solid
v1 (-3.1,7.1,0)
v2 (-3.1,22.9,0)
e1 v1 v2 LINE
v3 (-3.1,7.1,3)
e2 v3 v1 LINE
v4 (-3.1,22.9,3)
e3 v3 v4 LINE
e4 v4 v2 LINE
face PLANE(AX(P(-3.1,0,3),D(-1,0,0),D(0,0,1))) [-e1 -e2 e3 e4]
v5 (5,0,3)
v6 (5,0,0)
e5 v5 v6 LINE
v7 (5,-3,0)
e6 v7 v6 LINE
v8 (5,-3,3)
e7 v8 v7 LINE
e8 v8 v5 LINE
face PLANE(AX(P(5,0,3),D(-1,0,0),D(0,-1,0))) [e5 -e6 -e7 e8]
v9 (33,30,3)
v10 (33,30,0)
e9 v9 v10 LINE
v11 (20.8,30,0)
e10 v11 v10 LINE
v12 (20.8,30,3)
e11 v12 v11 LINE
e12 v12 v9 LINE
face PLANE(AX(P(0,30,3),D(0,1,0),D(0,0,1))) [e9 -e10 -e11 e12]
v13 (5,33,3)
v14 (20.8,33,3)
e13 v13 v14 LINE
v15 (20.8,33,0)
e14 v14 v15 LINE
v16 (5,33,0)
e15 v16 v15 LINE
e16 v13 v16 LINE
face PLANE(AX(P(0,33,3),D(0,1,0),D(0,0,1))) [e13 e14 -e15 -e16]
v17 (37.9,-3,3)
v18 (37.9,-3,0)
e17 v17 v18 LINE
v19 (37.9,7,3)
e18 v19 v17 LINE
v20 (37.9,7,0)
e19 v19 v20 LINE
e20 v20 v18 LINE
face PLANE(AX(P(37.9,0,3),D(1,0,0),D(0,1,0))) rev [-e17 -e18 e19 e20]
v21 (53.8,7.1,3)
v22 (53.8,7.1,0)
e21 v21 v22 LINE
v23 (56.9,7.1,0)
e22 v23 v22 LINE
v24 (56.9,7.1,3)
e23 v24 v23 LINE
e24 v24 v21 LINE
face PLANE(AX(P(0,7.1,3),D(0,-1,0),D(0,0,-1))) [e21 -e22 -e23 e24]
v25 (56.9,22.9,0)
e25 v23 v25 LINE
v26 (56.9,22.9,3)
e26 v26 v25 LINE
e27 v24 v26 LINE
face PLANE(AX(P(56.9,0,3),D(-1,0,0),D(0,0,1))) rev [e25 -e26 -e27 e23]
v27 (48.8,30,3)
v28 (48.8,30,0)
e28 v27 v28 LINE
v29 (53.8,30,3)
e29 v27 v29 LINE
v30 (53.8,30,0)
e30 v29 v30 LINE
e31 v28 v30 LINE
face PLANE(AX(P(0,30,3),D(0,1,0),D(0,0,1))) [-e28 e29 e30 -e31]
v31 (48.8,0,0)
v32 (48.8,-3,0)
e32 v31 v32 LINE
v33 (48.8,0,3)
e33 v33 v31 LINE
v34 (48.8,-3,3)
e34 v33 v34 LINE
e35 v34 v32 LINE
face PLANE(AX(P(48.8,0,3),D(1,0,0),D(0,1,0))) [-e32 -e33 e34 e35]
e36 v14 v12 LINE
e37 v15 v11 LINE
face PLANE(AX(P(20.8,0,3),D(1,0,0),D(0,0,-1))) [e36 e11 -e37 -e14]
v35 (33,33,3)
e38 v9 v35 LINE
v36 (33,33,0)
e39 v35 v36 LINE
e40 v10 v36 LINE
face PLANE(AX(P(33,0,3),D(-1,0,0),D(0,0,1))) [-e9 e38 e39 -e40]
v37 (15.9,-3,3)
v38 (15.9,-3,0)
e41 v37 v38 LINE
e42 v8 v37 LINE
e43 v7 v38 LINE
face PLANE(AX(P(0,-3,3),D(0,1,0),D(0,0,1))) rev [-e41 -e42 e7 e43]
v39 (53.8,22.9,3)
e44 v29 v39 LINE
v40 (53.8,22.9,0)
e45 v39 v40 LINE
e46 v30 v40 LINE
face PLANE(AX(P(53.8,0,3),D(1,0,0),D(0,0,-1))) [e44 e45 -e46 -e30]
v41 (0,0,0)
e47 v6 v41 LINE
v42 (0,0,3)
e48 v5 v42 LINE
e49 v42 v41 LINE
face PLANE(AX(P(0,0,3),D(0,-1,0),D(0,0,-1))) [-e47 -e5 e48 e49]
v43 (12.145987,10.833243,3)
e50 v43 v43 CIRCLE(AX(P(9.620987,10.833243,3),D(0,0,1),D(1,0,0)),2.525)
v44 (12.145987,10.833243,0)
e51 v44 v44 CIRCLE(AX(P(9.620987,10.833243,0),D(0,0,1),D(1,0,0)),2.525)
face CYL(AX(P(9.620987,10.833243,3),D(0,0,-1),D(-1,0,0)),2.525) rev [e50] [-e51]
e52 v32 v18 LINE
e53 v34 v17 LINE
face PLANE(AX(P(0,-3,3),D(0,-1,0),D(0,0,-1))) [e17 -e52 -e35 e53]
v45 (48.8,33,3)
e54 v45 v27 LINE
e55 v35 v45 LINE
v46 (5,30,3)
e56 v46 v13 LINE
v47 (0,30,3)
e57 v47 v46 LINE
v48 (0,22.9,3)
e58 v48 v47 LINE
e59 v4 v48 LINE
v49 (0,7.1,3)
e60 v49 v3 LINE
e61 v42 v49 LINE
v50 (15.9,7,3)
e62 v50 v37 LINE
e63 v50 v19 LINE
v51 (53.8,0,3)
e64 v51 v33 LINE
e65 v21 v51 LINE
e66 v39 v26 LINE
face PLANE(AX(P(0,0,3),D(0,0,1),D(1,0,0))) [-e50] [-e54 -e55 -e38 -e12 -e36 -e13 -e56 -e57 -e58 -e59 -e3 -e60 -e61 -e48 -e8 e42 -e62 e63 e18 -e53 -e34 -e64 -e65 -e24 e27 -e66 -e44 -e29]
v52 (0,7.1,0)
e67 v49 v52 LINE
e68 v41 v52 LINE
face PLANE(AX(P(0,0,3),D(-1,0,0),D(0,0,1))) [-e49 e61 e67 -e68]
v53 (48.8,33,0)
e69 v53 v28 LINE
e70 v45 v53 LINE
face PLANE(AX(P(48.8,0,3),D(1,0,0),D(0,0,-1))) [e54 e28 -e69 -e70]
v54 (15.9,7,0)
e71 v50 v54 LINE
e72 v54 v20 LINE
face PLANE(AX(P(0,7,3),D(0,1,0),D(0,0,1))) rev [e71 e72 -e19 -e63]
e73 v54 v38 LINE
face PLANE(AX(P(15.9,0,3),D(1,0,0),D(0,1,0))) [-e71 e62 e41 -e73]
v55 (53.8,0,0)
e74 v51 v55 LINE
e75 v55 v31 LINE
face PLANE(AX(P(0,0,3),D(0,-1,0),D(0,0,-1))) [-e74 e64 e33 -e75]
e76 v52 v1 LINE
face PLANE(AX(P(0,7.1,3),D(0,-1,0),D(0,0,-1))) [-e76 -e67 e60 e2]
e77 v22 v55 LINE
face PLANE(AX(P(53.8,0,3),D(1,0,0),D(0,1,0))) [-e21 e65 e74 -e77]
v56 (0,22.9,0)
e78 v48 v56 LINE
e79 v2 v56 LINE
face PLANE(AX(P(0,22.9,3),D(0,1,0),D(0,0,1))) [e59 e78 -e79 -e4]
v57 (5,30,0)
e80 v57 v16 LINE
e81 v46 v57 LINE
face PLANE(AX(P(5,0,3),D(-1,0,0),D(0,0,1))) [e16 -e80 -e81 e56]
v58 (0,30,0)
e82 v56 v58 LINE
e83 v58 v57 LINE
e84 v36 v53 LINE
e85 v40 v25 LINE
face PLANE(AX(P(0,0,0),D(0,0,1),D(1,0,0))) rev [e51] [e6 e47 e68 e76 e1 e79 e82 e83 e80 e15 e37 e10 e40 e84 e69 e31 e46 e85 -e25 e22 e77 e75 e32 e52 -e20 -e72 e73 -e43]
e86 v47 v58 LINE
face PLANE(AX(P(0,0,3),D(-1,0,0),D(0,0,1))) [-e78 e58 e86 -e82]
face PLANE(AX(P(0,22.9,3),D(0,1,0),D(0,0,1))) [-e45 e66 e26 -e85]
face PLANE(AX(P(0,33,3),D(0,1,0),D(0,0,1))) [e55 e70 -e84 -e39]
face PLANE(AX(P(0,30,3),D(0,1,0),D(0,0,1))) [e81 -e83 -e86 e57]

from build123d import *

# Parameters (mm, degrees)
SKETCH1_R           = 2.525
BOSS_EXTRUDE1_DEPTH = 3


with BuildPart() as part:
    # Sketch1 → Boss-Extrude1 (new body)
    with BuildSketch(Plane.XY):
        Polygon((5, 30), (0, 30), (0, 22.9), (-3.1, 22.9), (-3.1, 7.1), (0, 7.1), (0, 0), (5, 0), (5, -3), (15.9, -3), (15.9, 7), (37.9, 7), (37.9, -3), (48.8, -3), (48.8, 0), (53.8, 0), (53.8, 7.1), (56.9, 7.1), (56.9, 22.9), (53.8, 22.9), (53.8, 30), (48.8, 30), (48.8, 33), (33, 33), (33, 30), (20.8, 30), (20.8, 33), (5, 33), align=None)
        with Locations((9.620987069, 10.833243053)):
            Circle(SKETCH1_R, mode=Mode.SUBTRACT)
    extrude(amount=BOSS_EXTRUDE1_DEPTH)


solid = part.part
